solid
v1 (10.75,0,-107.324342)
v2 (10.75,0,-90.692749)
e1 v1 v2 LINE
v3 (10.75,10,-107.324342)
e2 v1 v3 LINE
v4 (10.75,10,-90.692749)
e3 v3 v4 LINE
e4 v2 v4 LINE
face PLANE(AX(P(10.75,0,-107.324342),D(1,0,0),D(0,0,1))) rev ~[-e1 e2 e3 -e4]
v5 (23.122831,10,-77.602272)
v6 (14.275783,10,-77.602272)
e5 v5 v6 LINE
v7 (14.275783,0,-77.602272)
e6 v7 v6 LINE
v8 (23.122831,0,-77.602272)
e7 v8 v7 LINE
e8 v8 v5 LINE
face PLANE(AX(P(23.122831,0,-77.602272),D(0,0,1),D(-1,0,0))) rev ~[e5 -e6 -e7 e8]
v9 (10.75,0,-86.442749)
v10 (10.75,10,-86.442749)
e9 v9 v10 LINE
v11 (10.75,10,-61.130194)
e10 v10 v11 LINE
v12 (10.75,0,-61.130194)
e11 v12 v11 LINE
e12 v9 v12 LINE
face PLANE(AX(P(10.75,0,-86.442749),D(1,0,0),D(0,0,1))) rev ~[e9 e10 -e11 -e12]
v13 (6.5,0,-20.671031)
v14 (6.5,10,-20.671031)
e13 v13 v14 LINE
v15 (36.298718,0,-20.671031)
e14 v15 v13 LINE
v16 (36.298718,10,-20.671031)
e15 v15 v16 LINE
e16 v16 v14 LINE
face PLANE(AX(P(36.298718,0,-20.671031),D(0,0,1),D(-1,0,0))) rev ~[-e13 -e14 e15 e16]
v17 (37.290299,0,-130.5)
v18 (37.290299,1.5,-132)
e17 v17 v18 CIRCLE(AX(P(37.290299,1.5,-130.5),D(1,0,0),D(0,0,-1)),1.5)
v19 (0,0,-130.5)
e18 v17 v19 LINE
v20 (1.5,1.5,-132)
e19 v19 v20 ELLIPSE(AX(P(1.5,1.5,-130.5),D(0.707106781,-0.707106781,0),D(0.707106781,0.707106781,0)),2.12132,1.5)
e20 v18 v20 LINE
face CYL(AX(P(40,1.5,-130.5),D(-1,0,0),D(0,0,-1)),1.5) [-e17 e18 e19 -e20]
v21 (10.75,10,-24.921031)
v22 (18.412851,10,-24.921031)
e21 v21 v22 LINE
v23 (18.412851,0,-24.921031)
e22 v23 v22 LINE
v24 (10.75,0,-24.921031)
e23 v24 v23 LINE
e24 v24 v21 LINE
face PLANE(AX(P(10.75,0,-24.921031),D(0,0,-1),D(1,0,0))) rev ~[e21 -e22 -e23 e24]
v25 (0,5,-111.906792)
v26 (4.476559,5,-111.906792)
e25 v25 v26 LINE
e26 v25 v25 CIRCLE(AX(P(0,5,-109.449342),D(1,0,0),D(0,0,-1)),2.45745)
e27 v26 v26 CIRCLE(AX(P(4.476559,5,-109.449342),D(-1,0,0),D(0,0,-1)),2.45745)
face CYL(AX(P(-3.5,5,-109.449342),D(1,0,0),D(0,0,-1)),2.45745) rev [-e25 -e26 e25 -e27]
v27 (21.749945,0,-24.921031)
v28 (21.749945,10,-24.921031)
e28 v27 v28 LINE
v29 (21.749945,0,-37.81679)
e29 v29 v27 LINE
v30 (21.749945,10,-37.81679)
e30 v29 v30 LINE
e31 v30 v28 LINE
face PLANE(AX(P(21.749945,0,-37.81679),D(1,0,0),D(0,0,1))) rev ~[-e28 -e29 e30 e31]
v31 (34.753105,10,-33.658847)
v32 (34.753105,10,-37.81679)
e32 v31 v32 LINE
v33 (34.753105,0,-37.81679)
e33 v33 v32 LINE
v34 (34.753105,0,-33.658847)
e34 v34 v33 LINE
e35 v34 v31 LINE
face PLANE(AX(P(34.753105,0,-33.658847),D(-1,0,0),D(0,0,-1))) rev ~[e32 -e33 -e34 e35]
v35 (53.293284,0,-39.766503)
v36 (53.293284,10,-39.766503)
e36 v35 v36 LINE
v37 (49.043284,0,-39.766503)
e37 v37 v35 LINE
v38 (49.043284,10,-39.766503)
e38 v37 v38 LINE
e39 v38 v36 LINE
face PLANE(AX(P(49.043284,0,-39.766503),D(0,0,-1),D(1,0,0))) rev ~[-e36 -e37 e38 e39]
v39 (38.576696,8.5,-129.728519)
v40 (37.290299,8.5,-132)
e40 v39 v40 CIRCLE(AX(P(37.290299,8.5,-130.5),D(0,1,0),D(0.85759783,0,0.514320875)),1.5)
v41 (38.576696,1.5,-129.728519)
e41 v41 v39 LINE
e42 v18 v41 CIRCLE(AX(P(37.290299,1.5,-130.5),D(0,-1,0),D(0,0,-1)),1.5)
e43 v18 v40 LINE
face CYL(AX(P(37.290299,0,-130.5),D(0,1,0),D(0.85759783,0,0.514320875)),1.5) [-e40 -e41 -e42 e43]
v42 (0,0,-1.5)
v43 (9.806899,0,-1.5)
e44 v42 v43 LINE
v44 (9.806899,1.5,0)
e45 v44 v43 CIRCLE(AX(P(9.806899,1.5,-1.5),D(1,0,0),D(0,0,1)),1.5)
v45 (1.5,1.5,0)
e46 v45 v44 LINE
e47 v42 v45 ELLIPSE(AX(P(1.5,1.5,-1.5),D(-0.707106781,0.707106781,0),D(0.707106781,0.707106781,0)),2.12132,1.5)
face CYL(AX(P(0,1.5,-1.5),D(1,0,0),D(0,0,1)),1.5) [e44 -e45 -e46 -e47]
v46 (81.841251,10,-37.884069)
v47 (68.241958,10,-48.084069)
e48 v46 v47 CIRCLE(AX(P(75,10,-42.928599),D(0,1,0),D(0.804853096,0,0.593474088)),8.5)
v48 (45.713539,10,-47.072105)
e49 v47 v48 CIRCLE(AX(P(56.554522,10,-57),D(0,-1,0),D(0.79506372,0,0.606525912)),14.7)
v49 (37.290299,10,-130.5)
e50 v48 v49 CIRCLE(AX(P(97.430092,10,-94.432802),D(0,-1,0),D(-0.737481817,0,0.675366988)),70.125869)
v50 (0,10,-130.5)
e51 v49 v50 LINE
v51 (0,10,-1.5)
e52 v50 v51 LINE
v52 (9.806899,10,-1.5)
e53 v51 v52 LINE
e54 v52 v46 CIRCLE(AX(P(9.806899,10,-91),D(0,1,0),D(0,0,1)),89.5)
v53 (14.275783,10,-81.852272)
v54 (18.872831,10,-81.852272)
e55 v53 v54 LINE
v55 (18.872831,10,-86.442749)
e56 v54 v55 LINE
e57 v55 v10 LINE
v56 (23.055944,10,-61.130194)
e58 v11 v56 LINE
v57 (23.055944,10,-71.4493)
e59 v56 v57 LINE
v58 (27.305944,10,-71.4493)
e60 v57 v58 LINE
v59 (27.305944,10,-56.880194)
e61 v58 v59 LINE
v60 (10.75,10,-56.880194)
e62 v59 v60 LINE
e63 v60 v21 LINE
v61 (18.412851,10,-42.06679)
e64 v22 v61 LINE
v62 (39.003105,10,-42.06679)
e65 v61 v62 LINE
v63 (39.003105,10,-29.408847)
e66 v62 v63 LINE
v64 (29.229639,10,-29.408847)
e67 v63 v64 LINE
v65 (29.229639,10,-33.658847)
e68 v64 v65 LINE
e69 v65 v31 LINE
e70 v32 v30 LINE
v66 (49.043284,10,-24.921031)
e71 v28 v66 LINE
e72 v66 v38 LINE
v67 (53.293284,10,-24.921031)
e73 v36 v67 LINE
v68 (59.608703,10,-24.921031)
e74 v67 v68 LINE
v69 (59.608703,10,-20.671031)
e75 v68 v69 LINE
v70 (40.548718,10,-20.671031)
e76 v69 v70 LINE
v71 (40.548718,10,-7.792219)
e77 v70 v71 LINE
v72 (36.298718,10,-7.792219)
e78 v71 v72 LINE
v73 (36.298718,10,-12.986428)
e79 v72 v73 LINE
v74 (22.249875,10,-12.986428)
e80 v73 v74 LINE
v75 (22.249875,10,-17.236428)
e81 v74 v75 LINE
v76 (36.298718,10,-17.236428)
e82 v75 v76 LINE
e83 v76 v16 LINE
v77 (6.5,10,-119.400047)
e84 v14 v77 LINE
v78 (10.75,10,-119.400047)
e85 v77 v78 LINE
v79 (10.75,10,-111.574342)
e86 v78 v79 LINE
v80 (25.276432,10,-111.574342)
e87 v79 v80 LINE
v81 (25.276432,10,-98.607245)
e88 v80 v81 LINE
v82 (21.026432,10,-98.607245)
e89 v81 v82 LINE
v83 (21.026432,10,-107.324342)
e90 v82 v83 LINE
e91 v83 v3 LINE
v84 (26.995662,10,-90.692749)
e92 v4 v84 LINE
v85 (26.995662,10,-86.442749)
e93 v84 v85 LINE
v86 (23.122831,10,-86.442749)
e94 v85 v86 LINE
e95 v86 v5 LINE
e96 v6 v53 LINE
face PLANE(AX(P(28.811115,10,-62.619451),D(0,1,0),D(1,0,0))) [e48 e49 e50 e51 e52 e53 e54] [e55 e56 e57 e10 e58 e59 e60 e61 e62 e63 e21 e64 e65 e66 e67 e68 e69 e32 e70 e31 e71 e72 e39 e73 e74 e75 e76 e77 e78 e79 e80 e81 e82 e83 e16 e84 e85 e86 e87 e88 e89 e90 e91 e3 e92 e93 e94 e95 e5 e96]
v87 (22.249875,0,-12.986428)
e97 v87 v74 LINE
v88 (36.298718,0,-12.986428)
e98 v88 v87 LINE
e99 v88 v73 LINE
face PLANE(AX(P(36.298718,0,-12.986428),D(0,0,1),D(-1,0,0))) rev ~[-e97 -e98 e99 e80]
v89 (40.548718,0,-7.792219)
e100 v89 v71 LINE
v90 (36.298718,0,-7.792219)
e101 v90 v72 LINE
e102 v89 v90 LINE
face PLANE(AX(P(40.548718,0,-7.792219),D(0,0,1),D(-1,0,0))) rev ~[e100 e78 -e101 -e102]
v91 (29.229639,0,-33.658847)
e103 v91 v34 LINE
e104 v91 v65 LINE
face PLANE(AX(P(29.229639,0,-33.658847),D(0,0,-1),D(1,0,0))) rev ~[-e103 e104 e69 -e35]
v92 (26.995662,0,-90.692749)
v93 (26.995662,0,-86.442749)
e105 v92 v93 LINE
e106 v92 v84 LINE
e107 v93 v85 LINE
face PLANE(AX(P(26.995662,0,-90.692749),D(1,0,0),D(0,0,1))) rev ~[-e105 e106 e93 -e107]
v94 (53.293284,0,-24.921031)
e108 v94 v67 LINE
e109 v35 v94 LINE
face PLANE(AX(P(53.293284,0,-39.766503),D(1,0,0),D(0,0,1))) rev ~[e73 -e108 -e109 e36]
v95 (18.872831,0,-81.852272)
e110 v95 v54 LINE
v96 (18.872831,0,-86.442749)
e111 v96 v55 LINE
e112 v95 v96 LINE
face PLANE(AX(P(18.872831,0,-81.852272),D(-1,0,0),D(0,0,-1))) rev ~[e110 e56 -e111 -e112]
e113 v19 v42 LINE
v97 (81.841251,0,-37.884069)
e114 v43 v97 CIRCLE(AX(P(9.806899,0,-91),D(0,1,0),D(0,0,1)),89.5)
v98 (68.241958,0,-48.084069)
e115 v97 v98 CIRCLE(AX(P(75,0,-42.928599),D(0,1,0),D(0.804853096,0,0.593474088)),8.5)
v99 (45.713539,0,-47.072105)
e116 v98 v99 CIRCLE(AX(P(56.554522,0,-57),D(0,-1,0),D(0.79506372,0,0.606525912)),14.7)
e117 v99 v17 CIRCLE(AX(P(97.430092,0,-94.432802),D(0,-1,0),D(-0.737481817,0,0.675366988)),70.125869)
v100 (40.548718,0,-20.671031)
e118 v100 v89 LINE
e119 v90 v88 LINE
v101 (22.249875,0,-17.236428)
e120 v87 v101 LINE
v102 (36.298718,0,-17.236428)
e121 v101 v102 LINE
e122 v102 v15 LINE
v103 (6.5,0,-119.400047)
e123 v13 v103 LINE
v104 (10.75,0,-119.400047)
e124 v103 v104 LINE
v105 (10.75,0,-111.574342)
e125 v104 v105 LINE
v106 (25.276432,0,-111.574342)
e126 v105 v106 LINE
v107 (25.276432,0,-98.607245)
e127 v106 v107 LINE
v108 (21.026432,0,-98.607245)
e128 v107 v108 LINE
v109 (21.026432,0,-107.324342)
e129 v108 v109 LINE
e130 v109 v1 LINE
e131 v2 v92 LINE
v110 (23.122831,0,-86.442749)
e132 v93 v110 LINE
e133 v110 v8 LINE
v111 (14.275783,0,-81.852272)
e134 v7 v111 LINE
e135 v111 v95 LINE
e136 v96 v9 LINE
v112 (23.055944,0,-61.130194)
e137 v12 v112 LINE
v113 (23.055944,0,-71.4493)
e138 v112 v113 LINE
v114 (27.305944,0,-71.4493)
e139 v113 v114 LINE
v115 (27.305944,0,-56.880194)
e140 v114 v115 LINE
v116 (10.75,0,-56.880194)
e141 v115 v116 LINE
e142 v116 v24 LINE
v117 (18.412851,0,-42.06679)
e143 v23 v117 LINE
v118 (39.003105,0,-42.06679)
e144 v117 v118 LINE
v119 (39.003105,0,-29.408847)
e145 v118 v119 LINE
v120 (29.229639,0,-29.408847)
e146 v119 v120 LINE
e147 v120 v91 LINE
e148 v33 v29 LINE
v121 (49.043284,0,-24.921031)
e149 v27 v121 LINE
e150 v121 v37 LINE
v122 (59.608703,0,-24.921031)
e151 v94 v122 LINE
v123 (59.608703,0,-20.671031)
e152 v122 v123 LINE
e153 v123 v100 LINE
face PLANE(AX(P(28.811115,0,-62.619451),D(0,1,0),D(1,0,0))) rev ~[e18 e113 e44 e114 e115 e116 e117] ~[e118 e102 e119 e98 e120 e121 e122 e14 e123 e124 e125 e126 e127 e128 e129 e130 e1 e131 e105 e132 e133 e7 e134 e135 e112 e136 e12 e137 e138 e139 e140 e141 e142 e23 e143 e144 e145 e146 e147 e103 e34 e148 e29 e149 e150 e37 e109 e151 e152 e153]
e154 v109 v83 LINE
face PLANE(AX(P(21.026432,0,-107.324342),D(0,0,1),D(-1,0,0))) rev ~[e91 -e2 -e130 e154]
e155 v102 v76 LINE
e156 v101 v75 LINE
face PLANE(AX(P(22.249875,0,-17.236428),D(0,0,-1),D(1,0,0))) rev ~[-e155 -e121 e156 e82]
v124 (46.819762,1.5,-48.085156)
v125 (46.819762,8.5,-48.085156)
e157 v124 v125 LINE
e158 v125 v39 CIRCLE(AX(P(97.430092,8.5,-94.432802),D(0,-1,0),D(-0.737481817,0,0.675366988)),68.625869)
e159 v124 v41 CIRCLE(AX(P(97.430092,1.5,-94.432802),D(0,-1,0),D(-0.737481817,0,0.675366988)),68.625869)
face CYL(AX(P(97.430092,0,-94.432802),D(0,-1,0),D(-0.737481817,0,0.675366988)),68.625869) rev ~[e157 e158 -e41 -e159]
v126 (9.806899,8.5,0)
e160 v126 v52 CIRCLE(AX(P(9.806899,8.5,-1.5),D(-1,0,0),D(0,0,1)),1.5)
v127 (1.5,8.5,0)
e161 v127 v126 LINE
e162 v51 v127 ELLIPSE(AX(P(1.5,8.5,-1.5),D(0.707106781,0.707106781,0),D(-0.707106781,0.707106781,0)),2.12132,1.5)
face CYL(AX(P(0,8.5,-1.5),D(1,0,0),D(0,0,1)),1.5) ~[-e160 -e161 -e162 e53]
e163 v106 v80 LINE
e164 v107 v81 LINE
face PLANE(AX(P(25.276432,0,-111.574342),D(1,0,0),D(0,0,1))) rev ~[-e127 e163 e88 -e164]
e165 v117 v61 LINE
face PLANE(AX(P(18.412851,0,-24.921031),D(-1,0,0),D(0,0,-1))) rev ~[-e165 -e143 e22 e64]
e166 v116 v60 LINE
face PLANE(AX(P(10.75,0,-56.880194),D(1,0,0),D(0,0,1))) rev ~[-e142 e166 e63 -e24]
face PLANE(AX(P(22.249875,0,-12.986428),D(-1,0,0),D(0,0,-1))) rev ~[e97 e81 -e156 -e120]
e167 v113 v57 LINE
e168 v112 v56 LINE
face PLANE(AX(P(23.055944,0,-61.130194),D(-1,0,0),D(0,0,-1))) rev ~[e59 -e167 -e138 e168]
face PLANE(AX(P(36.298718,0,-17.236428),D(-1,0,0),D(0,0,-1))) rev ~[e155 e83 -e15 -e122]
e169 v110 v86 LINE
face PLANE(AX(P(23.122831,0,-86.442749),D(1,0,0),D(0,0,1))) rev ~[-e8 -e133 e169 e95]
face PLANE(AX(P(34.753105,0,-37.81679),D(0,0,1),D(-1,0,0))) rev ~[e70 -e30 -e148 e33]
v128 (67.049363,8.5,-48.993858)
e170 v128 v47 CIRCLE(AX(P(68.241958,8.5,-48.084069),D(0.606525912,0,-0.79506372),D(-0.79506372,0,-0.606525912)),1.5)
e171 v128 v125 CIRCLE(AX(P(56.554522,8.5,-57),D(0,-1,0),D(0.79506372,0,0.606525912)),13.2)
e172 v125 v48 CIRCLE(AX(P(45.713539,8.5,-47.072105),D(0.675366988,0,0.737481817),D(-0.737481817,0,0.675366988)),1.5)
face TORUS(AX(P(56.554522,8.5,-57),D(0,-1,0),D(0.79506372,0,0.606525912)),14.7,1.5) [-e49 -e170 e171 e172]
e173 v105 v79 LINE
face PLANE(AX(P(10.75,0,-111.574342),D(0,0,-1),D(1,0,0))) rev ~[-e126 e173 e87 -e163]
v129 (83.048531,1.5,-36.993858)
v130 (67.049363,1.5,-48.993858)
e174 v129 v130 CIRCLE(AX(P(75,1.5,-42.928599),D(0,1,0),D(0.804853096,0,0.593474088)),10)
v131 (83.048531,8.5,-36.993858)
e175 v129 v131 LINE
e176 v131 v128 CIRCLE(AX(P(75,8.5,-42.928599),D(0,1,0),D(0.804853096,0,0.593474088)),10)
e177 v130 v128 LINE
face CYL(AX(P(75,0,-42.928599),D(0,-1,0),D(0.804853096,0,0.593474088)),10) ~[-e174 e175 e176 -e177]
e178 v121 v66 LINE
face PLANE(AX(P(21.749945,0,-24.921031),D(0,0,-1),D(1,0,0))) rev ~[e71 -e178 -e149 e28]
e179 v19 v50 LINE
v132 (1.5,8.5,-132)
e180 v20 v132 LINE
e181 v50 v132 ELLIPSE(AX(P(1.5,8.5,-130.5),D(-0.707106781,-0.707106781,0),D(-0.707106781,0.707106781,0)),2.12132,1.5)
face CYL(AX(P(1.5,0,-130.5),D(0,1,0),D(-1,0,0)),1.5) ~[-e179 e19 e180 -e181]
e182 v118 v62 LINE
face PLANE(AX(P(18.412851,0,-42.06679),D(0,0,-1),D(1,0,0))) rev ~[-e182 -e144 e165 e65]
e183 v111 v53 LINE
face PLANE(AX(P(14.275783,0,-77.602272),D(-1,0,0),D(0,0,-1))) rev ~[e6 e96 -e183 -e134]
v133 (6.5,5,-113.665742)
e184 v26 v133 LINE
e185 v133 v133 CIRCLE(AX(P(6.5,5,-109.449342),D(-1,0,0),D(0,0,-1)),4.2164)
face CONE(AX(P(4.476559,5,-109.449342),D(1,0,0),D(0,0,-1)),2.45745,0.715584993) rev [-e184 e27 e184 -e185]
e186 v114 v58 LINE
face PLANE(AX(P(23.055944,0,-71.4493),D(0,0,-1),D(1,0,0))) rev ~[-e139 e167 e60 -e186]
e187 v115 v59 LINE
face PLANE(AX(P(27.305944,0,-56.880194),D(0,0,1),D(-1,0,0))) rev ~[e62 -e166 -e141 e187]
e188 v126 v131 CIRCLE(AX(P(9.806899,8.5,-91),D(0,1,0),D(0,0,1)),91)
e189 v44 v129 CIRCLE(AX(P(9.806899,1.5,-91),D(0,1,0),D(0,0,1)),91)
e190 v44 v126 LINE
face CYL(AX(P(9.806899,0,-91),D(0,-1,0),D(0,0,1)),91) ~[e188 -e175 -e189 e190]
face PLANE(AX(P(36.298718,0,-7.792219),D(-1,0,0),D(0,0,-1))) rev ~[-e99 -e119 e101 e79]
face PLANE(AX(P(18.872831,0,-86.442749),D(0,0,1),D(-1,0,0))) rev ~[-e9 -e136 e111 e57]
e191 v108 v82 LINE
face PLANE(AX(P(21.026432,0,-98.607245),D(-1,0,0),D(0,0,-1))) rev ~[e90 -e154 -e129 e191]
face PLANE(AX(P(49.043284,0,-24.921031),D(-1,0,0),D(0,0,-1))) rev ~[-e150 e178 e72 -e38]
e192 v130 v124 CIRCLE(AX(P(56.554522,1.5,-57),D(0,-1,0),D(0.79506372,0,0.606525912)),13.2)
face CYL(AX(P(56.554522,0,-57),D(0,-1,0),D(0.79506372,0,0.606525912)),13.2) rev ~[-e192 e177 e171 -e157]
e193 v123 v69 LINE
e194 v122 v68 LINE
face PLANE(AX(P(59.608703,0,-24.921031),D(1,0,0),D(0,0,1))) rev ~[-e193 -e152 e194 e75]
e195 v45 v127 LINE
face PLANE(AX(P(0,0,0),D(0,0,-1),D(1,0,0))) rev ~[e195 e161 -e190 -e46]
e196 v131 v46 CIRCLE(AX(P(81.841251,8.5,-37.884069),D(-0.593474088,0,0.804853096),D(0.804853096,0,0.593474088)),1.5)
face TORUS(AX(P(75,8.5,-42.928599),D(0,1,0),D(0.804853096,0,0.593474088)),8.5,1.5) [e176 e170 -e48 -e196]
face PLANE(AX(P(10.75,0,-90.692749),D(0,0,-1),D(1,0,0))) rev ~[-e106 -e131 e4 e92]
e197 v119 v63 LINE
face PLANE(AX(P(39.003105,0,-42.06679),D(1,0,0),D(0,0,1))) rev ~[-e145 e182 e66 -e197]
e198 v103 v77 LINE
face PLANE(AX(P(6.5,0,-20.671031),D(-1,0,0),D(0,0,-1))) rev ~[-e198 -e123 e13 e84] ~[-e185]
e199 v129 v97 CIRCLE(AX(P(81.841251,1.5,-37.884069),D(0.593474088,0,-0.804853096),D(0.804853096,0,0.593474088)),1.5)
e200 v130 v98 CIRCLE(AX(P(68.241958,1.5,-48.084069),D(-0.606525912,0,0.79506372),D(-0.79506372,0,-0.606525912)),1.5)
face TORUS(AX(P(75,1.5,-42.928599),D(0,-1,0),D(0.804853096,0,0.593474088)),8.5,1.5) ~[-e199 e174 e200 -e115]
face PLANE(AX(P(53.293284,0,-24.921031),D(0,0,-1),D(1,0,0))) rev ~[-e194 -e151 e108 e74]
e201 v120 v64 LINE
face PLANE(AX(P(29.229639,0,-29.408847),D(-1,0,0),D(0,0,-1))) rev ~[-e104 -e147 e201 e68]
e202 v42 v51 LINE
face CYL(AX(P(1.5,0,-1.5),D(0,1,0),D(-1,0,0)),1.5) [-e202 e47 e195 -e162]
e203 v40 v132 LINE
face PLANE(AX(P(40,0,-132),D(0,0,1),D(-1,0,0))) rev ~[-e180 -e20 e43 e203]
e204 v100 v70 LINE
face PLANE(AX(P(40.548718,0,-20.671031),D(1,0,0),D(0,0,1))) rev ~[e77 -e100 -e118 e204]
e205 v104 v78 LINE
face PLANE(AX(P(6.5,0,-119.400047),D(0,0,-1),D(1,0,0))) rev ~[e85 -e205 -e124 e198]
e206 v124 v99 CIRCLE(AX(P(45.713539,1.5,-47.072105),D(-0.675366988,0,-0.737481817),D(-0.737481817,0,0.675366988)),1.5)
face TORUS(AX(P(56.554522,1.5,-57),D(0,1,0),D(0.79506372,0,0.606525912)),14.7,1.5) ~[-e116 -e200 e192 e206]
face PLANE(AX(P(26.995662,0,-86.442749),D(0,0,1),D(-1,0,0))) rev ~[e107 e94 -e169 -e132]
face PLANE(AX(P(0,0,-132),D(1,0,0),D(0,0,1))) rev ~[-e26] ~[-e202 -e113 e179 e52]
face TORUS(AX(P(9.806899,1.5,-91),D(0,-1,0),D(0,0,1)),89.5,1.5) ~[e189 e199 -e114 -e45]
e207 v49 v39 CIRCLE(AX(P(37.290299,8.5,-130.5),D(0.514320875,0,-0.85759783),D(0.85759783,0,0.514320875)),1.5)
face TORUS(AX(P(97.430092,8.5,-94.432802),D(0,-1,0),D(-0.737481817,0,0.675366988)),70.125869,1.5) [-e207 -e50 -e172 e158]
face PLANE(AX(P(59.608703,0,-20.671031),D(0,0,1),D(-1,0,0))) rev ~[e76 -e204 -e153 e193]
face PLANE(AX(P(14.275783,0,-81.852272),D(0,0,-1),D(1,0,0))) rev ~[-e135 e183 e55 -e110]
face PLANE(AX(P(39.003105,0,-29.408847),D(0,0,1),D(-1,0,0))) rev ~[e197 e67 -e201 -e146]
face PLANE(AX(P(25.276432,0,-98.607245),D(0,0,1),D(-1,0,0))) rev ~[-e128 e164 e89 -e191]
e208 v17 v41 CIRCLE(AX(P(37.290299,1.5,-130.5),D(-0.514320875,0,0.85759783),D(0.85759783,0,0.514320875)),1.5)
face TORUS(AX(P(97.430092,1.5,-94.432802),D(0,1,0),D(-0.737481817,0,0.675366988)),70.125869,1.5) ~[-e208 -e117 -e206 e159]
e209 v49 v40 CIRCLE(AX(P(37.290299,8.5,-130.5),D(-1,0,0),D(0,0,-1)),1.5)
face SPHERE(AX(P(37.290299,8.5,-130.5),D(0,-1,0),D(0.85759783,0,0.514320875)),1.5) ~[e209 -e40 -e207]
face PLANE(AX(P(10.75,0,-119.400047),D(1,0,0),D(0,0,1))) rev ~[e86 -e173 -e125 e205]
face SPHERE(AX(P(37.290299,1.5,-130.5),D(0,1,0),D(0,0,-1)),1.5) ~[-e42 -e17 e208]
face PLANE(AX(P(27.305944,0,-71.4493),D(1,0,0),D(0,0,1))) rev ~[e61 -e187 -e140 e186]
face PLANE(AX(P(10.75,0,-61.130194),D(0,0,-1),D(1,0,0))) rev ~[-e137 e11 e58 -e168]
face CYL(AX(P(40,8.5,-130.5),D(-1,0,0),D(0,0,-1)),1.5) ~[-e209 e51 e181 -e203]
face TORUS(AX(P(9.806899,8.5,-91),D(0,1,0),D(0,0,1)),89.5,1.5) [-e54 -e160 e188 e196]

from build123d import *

# Parameters (mm, degrees)
BOSS_EXTRUDE1_DEPTH = 10
FILLET1_R           = 1.5


with BuildPart() as part:
    # Sketch1 → Boss-Extrude1 (new body)
    with BuildSketch(Plane(origin=(0, 0, 0), x_dir=(1, 0, 0), z_dir=(0, 1, 0))):
        with BuildLine():
            Line((0, 132), (0, 0))
            Line((0, 0), (9.806899205, 0))
            ThreePointArc((9.806899205, 0), (50.833969992, 9.773283566), (83.048530962, 36.993857965))
            ThreePointArc((83.048530962, 36.993857965), (81.000199646, 50.92844911), (67.049362803, 48.993857965))
            ThreePointArc((67.049362803, 48.993857965), (57.146860922, 43.813297067), (46.819761712, 48.085155754))
            ThreePointArc((46.819761712, 48.085155754), (29.029737588, 88.873903236), (40, 132))
            Line((40, 132), (0, 132))
        make_face()
        Polygon((6.5, 20.67103065), (6.5, 119.400046722), (10.75, 119.400046722), (10.75, 111.574341839), (25.276432371, 111.574341839), (25.276432371, 107.324341839), (25.276432371, 98.607245151), (21.026432371, 98.607245151), (21.026432371, 107.324341839), (10.75, 107.324341839), (10.75, 90.692748994), (26.995661983, 90.692748994), (26.995661983, 86.442748994), (23.122830992, 86.442748994), (23.122830992, 77.602272136), (18.872830992, 77.602272136), (14.275783025, 77.602272136), (14.275783025, 81.852272136), (18.872830992, 81.852272136), (18.872830992, 86.442748994), (10.75, 86.442748994), (10.75, 61.130194379), (23.055943787, 61.130194379), (23.055943787, 71.449300242), (27.305943787, 71.449300242), (27.305943787, 61.130194379), (27.305943787, 56.880194379), (10.75, 56.880194379), (10.75, 24.92103065), (18.412851079, 24.92103065), (18.412851079, 42.066790132), (21.749945206, 42.066790132), (39.003105081, 42.066790132), (39.003105081, 37.816790132), (39.003105081, 29.408846891), (34.753105081, 29.408846891), (29.22963894, 29.408846891), (29.22963894, 33.658846891), (34.753105081, 33.658846891), (34.753105081, 37.816790132), (21.749945206, 37.816790132), (21.749945206, 24.92103065), (49.043283634, 24.92103065), (49.043283634, 39.766503131), (53.293283634, 39.766503131), (53.293283634, 24.92103065), (59.608702719, 24.92103065), (59.608702719, 20.67103065), (40.548717705, 20.67103065), (40.548717705, 7.79221883), (36.298717705, 7.79221883), (36.298717705, 12.986428014), (22.249875285, 12.986428014), (22.249875285, 17.236428014), (36.298717705, 17.236428014), (36.298717705, 20.67103065), (10.75, 20.67103065), align=None, mode=Mode.SUBTRACT)
    extrude(amount=BOSS_EXTRUDE1_DEPTH)

    # Fillet1
    fillet1_edges = [part.edges().sort_by_distance(p)[0] for p in [
        (0, 5, 0),
        (0, 5, -132),
        (40, 5, -132),
        (4.903449602, 10, 0),
        (50.833969992, 10, -9.773283566),
        (81.000199646, 10, -50.92844911),
        (57.146860922, 10, -43.813297067),
        (29.029737588, 10, -88.873903236),
        (20, 10, -132),
        (20, 0, -132),
        (29.029737588, 0, -88.873903236),
        (57.146860922, 0, -43.813297067),
        (81.000199646, 0, -50.92844911),
        (50.833969992, 0, -9.773283566),
        (4.903449602, 0, 0),
    ]]
    fillet(fillet1_edges, radius=FILLET1_R)

    # Sketch5 → CSK for #8 Flat Head Machine Screw2 (revolve, cut)
    with BuildSketch(Plane(origin=(6.5, 5, -109.449341839), x_dir=(0, 0, -1), z_dir=(0, 1, 0))):
        Polygon((0, 0), (0, 11.476584928), (2.45745, 10), (2.45745, 2.02344051), (4.2164, 0), align=None)
    revolve(axis=Axis((12.85, 5, -109.449341839), (-1, 0, 0)), mode=Mode.SUBTRACT)


solid = part.part
